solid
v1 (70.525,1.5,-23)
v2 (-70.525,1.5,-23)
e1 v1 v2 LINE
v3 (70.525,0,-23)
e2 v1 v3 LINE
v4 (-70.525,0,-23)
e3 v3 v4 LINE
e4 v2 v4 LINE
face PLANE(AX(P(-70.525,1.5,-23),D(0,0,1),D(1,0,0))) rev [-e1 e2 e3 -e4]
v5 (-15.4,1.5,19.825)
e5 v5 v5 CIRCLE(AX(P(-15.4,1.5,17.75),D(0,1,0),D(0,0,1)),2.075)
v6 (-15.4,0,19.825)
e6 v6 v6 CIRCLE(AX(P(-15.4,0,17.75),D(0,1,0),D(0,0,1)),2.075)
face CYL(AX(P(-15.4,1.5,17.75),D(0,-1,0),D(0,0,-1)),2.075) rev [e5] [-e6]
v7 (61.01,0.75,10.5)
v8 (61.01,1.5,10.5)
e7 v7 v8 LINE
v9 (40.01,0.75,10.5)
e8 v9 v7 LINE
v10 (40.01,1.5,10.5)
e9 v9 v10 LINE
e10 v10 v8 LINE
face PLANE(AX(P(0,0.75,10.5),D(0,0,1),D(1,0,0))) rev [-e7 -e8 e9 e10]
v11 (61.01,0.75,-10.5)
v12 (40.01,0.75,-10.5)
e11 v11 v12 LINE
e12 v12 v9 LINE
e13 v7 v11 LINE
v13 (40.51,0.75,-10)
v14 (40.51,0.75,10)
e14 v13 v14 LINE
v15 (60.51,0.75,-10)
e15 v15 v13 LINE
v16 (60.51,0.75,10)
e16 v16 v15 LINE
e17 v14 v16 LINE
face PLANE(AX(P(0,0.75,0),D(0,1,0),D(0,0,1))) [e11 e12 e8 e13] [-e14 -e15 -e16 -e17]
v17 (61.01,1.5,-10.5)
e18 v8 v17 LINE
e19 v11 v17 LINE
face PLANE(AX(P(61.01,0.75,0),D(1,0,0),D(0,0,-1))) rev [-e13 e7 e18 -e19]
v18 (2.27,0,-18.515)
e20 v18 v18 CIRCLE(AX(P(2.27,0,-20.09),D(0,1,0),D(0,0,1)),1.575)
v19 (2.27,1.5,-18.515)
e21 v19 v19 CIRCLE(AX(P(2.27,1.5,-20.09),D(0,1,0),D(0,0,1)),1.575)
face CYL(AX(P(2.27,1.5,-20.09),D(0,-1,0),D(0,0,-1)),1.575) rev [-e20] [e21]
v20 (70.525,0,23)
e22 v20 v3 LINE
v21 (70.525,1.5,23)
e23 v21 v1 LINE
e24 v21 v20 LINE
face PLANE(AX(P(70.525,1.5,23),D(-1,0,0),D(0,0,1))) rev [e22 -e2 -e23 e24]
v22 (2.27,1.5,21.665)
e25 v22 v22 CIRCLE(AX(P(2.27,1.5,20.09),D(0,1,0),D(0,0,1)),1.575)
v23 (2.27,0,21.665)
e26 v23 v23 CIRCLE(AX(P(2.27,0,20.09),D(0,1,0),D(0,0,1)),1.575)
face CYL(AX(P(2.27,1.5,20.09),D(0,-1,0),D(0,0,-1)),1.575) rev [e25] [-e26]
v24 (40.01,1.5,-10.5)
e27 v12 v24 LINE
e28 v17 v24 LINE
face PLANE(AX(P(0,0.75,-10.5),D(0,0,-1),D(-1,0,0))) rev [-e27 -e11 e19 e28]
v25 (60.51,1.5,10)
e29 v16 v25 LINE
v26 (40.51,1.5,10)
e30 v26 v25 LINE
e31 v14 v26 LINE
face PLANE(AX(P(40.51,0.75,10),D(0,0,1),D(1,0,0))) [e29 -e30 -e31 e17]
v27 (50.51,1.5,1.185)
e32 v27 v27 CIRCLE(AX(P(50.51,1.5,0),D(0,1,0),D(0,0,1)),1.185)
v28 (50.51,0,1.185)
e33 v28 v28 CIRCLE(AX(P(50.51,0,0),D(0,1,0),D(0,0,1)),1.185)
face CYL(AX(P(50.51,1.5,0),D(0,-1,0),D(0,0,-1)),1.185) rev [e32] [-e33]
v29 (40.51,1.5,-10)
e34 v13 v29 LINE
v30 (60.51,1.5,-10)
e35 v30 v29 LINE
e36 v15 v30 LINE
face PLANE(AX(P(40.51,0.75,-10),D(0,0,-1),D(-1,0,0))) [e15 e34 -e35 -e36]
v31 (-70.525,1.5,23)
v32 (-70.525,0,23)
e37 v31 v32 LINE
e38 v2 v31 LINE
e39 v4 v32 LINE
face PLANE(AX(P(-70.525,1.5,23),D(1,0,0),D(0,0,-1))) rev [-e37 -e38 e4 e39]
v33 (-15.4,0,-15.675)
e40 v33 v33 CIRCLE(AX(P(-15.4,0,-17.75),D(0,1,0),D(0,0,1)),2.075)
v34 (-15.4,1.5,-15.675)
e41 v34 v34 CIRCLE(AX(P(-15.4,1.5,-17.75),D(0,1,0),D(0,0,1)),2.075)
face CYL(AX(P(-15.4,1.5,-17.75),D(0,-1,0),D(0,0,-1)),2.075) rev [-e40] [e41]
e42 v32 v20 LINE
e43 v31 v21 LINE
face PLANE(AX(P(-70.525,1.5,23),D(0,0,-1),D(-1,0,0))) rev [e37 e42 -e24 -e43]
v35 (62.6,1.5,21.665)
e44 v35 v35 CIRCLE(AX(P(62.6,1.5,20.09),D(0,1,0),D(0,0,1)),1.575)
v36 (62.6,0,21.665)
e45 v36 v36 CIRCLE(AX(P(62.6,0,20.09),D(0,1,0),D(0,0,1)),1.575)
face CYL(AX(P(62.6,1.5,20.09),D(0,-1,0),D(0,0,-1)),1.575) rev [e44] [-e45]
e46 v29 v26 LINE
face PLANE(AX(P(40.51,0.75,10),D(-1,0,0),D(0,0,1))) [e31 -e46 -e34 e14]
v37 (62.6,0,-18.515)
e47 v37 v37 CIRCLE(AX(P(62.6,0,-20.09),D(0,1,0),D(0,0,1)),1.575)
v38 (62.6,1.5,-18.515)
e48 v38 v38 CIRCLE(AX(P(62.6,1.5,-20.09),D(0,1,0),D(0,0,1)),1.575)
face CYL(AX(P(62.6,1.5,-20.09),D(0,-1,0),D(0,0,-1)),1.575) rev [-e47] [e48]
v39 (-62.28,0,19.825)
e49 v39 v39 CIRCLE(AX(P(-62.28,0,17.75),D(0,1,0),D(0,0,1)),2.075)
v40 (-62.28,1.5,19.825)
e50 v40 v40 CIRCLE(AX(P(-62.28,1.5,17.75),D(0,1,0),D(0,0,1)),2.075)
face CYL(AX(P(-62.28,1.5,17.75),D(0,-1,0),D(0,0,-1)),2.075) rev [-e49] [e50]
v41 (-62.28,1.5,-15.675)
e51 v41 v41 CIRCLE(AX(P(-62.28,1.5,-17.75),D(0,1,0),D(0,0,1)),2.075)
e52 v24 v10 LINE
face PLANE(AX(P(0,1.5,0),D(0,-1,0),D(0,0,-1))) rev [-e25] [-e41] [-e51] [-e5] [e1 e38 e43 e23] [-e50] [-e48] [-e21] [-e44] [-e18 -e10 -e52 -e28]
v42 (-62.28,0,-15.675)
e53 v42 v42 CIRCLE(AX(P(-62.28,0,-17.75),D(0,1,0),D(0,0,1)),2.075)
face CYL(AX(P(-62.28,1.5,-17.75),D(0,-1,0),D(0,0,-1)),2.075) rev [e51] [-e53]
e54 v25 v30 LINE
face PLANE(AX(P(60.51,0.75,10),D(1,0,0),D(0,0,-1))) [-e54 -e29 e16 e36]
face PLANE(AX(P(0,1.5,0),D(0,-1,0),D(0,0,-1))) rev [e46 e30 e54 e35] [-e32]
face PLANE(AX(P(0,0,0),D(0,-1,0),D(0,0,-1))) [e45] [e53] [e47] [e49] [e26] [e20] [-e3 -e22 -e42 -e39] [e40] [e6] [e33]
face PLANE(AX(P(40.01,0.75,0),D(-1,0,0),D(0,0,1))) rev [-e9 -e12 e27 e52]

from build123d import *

# Parameters (mm, degrees)
SKETCH1_W               = 141.05
SKETCH1_H               = 46
SKETCH1_R               = 2.075
SKETCH1_R_2             = 1.575
SKETCH1_R_3             = 1.185
BOSS_EXTRUDE1_DEPTH     = 1.5
SKETCH2_W               = 21
SKETCH2_H               = 21
SKETCH2_W_2             = 20
SKETCH2_H_2             = 20
CUT_EXTRUDE_THIN1_DEPTH = 0.75


with BuildPart() as part:
    # Sketch1 → Boss-Extrude1 (new body)
    with BuildSketch(Plane(origin=(0, 0, 0), x_dir=(1, 0, 0), z_dir=(0, 1, 0))):
        Rectangle(SKETCH1_W, SKETCH1_H)
        with Locations((-62.28, -17.75)):
            Circle(SKETCH1_R, mode=Mode.SUBTRACT)
        with Locations((-15.4, -17.75)):
            Circle(SKETCH1_R, mode=Mode.SUBTRACT)
        with Locations((-15.4, 17.75)):
            Circle(SKETCH1_R, mode=Mode.SUBTRACT)
        with Locations((-62.28, 17.75)):
            Circle(SKETCH1_R, mode=Mode.SUBTRACT)
        with Locations((2.27, -20.09)):
            Circle(SKETCH1_R_2, mode=Mode.SUBTRACT)
        with Locations((62.6, -20.09)):
            Circle(SKETCH1_R_2, mode=Mode.SUBTRACT)
        with Locations((62.6, 20.09)):
            Circle(SKETCH1_R_2, mode=Mode.SUBTRACT)
        with Locations((2.27, 20.09)):
            Circle(SKETCH1_R_2, mode=Mode.SUBTRACT)
        with Locations((50.51, 0)):
            Circle(SKETCH1_R_3, mode=Mode.SUBTRACT)
    extrude(amount=BOSS_EXTRUDE1_DEPTH)

    # Sketch2 → Cut-Extrude-Thin1 (cut)
    with BuildSketch(Plane(origin=(0, 1.5, 0), x_dir=(1, 0, 0), z_dir=(0, 1, 0))):
        with Locations((50.51, 0)):
            Rectangle(SKETCH2_W, SKETCH2_H)
        with Locations((50.51, 0)):
            Rectangle(SKETCH2_W_2, SKETCH2_H_2, mode=Mode.SUBTRACT)
    extrude(amount=-CUT_EXTRUDE_THIN1_DEPTH, mode=Mode.SUBTRACT)


solid = part.part
